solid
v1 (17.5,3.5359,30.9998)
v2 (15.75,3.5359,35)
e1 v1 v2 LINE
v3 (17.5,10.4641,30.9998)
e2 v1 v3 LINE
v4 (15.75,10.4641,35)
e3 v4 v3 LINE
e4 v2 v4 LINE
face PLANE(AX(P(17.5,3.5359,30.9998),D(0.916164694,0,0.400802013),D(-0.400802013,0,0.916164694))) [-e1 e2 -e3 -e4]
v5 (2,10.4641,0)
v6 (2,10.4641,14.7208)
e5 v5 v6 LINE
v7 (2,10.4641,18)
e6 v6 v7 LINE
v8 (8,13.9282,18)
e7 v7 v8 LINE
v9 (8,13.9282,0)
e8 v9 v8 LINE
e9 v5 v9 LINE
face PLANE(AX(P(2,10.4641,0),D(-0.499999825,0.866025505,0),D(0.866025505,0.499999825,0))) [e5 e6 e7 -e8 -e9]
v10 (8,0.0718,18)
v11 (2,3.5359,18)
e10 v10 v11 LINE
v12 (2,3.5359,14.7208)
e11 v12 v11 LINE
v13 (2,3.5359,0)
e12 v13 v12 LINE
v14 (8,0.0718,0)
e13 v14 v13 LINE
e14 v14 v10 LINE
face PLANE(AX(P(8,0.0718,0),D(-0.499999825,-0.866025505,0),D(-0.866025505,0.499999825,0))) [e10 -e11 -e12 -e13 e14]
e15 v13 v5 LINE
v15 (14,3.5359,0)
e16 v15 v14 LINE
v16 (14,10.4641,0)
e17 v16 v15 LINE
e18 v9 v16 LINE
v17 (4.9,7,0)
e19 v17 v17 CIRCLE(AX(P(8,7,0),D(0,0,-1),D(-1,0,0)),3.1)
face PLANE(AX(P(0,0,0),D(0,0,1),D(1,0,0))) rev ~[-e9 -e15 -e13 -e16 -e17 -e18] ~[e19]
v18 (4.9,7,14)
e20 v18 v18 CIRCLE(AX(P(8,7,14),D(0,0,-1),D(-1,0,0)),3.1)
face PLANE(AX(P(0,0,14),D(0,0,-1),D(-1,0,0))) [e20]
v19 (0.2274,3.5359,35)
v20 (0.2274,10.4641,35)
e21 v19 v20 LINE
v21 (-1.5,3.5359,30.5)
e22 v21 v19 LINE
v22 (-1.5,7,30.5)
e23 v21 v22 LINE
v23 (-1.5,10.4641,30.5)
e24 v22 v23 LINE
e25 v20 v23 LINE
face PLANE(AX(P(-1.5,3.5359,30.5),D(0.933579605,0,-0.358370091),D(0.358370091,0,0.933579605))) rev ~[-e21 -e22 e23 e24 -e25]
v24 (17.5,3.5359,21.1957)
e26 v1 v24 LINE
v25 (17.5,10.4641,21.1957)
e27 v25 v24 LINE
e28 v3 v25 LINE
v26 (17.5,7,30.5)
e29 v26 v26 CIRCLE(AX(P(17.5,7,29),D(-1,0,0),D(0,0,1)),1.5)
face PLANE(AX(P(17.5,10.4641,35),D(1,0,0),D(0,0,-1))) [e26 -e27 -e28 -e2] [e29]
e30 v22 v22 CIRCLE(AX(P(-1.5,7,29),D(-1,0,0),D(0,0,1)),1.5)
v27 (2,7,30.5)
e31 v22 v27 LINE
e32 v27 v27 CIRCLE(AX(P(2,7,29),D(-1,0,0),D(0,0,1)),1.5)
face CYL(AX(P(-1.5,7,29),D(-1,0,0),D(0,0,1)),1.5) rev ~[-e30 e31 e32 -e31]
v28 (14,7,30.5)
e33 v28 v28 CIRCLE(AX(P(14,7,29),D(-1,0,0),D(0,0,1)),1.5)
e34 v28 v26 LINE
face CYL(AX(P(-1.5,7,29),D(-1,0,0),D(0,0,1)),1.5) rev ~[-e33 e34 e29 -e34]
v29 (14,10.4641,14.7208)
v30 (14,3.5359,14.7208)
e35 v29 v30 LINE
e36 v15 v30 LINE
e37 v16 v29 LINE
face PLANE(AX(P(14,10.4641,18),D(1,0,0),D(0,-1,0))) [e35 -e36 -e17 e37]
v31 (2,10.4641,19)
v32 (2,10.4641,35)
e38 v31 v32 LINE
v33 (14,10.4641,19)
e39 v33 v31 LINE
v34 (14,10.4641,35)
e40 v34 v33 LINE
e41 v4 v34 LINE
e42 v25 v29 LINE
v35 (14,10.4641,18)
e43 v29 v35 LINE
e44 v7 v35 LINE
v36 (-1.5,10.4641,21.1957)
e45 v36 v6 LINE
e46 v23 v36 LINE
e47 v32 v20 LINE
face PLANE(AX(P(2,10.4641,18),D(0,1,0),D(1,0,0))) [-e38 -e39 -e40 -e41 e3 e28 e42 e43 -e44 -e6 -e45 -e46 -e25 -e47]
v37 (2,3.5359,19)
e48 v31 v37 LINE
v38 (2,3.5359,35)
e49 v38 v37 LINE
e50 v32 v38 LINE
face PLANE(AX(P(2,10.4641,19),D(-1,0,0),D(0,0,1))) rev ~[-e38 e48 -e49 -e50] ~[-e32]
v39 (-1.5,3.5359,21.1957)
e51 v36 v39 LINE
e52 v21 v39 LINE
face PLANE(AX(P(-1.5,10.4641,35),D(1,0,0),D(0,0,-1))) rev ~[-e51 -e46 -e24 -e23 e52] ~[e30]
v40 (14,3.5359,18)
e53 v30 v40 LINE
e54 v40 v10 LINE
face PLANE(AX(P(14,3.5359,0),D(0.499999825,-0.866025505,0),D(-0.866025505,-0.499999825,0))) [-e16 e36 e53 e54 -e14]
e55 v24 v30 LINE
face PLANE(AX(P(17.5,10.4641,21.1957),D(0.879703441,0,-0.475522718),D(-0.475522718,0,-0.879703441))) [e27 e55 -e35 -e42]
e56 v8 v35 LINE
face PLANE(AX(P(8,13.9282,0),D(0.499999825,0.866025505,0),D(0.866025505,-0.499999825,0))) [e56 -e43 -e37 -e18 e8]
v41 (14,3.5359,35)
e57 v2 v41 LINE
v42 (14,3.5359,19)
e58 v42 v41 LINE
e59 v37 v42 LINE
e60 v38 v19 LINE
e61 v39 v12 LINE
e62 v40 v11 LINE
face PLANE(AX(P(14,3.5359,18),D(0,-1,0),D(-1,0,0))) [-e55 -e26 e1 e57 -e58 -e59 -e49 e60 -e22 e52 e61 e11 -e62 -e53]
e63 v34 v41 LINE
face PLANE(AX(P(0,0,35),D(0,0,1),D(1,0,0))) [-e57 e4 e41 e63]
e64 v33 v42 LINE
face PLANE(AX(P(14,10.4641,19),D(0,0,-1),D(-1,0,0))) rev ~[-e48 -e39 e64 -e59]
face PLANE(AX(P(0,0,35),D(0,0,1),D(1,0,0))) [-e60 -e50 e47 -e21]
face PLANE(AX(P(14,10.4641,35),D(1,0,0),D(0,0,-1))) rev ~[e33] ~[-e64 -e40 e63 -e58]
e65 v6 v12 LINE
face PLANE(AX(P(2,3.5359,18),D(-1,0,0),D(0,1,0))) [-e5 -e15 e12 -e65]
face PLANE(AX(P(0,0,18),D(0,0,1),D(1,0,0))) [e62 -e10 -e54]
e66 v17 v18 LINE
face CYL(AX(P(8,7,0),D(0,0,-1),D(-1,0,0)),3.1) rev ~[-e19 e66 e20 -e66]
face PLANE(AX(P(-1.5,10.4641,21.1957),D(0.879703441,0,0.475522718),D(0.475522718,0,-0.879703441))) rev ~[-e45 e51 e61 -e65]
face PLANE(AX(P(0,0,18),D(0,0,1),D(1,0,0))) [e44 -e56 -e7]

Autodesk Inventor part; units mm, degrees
ref_plane "YZ Plane" through (0, 0, 0) normal (1, 0, 0) x (0, 1, 0)
ref_plane "XZ Plane" through (0, 0, 0) normal (0, 1, 0) x (-1, 0, 0)
ref_plane "XY Plane" through (0, 0, 0) normal (0, 0, 1) x (1, 0, 0)
sketch "Sketch1" plane through (0, 0, 0) normal (0, 0, 1) x (1, 0, 0)
  line L0 (8, 0.0718) -> (2, 3.5359)
  line L1 (2, 3.5359) -> (2, 10.4641)
  line L2 (2, 10.4641) -> (8, 13.9282)
  line L3 (8, 13.9282) -> (14, 10.4641)
  line L4 (14, 10.4641) -> (14, 3.5359)
  line L5 (14, 3.5359) -> (8, 0.0718)
  point P0 (0, 0)
  point P1 (8, 7)
  dimension "d1" = 12
extrude "Extrusion1" add sketch "Sketch1" along normal blind 18
sketch "Sketch2" plane through (0, 0, 0) normal (0, 0, -1) x (-1, 0, 0)
  circle A0 centre (-8, 7) radius 3.1
  point P0 (0, 0)
  dimension "d5" = 6.2
extrude "Extrusion2" cut sketch "Sketch2" against normal blind 14
sketch "Sketch3" plane through (0, 0, 18) normal (0, 0, 1) x (1, 0, 0)
  line L0 (14, 3.5359) -> (8, 0.0718) projected
  line L1 (14, 3.5359) -> (2, 3.5359)
  line L2 (2, 3.5359) -> (2, 10.4641)
  line L3 (2, 10.4641) -> (14, 10.4641)
  line L4 (14, 10.4641) -> (14, 3.5359)
  point P0 (0, 0)
  dimension "d12" = 6.9282
extrude "Extrusion3" add sketch "Sketch3" along normal blind 17
sketch "Sketch4" plane through (2, 10.4641, 18) normal (0, 1, 0) x (1, 0, 0)
  line L0 (12, 0) -> (12, -17) projected
  line L1 (12, -17) -> (15.5, -17)
  line L2 (0, 0) -> (0, -17) projected
  line L3 (12, 0) -> (12, -17)
  line L4 (0, -17) -> (-3.5, -17)
  line L5 (0, 0) -> (0, -17)
  line L6 (15.5, -17) -> (15.5, -3.1957)
  line L7 (-3.5, -3.1957) -> (0, 3.2792)
  line L8 (15.5, -3.1957) -> (12, 3.2792)
  line L9 (12, 18) -> (12, 0) projected
  line L10 (0, 0) -> (0, 3.2792)
  line L11 (12, 0) -> (12, 3)
  line L12 (-3.5, -17) -> (-3.5, -3.1957)
  point P0 (-2, 18)
  dimension "d10" = 3.5
  dimension "d11" = 3.5
extrude "Extrusion4" add sketch "Sketch4" against normal blind 6.9282
sketch "Sketch5" plane through (2, 10.4641, 18) normal (0, 1, 0) x (1, 0, 0)
  line L0 (15.5, -17) -> (15.5, -17) projected
  line L1 (0, -17) -> (12, -17)
  line L2 (12, -17) -> (12, -1)
  line L3 (12, -1) -> (0, -1)
  line L4 (0, -1) -> (0, -17)
  point P0 (-2, 18)
  point P1 (-3.5, -17)
extrude "Extrusion5" cut sketch "Sketch5" against normal through all
sketch "Sketch6" plane through (-1.5, 10.4641, 21.1957) normal (-1, 0, 0) x (0, 0, 1)
  line L0 (13.8043, 0) -> (13.8043, -6.9282) projected
  circle A0 centre (7.8043, -3.4641) radius 1.5
  point P0 (-21.1957, -10.4641)
  dimension "d18" = 3
extrude "Extrusion6" cut sketch "Sketch6" against normal through all
sketch "Sketch7" plane through (2, 3.5359, 18) normal (0, -1, 0) x (1, 0, 0)
  line L0 (-3.5, 12.5) -> (0, 12.5) projected
  line L1 (-3.5, 12.5) -> (-1.7726, 17)
  line L2 (0, 17) -> (-3.5, 17) projected
  line L3 (-3.5, 12.5) -> (1.3202, 12.5) construction
  line L4 (-3.5, 3.1957) -> (-3.5, 17) projected
  line L5 (-3.5, 12.5) -> (-3.5, 17)
  line L6 (-3.5, 17) -> (-1.7726, 17)
  line L7 (15.5, 12.9998) -> (19.7846, 12.9998) construction
  line L8 (15.5, 12.9998) -> (13.75, 17)
  line L9 (15.5, 17) -> (12, 17) projected
  line L10 (13.7726, 17) -> (15.5, 17)
  line L11 (15.5, 17) -> (15.5, 12.9998)
  line L12 (-3.5, 17) -> (-3.5, 12.5)
  line L13 (-3.5, 12.5) -> (-1.7726, 17)
  line L14 (-3.5, 17) -> (-3.5, 12.5)
  point P0 (-2, -18)
  dimension "d21" = 69
  dimension "d23" = 1.7274
  dimension "d24" = 1.7274
extrude "Extrusion7" cut sketch "Sketch7" against normal through all
properties part number "supportrodv2"
